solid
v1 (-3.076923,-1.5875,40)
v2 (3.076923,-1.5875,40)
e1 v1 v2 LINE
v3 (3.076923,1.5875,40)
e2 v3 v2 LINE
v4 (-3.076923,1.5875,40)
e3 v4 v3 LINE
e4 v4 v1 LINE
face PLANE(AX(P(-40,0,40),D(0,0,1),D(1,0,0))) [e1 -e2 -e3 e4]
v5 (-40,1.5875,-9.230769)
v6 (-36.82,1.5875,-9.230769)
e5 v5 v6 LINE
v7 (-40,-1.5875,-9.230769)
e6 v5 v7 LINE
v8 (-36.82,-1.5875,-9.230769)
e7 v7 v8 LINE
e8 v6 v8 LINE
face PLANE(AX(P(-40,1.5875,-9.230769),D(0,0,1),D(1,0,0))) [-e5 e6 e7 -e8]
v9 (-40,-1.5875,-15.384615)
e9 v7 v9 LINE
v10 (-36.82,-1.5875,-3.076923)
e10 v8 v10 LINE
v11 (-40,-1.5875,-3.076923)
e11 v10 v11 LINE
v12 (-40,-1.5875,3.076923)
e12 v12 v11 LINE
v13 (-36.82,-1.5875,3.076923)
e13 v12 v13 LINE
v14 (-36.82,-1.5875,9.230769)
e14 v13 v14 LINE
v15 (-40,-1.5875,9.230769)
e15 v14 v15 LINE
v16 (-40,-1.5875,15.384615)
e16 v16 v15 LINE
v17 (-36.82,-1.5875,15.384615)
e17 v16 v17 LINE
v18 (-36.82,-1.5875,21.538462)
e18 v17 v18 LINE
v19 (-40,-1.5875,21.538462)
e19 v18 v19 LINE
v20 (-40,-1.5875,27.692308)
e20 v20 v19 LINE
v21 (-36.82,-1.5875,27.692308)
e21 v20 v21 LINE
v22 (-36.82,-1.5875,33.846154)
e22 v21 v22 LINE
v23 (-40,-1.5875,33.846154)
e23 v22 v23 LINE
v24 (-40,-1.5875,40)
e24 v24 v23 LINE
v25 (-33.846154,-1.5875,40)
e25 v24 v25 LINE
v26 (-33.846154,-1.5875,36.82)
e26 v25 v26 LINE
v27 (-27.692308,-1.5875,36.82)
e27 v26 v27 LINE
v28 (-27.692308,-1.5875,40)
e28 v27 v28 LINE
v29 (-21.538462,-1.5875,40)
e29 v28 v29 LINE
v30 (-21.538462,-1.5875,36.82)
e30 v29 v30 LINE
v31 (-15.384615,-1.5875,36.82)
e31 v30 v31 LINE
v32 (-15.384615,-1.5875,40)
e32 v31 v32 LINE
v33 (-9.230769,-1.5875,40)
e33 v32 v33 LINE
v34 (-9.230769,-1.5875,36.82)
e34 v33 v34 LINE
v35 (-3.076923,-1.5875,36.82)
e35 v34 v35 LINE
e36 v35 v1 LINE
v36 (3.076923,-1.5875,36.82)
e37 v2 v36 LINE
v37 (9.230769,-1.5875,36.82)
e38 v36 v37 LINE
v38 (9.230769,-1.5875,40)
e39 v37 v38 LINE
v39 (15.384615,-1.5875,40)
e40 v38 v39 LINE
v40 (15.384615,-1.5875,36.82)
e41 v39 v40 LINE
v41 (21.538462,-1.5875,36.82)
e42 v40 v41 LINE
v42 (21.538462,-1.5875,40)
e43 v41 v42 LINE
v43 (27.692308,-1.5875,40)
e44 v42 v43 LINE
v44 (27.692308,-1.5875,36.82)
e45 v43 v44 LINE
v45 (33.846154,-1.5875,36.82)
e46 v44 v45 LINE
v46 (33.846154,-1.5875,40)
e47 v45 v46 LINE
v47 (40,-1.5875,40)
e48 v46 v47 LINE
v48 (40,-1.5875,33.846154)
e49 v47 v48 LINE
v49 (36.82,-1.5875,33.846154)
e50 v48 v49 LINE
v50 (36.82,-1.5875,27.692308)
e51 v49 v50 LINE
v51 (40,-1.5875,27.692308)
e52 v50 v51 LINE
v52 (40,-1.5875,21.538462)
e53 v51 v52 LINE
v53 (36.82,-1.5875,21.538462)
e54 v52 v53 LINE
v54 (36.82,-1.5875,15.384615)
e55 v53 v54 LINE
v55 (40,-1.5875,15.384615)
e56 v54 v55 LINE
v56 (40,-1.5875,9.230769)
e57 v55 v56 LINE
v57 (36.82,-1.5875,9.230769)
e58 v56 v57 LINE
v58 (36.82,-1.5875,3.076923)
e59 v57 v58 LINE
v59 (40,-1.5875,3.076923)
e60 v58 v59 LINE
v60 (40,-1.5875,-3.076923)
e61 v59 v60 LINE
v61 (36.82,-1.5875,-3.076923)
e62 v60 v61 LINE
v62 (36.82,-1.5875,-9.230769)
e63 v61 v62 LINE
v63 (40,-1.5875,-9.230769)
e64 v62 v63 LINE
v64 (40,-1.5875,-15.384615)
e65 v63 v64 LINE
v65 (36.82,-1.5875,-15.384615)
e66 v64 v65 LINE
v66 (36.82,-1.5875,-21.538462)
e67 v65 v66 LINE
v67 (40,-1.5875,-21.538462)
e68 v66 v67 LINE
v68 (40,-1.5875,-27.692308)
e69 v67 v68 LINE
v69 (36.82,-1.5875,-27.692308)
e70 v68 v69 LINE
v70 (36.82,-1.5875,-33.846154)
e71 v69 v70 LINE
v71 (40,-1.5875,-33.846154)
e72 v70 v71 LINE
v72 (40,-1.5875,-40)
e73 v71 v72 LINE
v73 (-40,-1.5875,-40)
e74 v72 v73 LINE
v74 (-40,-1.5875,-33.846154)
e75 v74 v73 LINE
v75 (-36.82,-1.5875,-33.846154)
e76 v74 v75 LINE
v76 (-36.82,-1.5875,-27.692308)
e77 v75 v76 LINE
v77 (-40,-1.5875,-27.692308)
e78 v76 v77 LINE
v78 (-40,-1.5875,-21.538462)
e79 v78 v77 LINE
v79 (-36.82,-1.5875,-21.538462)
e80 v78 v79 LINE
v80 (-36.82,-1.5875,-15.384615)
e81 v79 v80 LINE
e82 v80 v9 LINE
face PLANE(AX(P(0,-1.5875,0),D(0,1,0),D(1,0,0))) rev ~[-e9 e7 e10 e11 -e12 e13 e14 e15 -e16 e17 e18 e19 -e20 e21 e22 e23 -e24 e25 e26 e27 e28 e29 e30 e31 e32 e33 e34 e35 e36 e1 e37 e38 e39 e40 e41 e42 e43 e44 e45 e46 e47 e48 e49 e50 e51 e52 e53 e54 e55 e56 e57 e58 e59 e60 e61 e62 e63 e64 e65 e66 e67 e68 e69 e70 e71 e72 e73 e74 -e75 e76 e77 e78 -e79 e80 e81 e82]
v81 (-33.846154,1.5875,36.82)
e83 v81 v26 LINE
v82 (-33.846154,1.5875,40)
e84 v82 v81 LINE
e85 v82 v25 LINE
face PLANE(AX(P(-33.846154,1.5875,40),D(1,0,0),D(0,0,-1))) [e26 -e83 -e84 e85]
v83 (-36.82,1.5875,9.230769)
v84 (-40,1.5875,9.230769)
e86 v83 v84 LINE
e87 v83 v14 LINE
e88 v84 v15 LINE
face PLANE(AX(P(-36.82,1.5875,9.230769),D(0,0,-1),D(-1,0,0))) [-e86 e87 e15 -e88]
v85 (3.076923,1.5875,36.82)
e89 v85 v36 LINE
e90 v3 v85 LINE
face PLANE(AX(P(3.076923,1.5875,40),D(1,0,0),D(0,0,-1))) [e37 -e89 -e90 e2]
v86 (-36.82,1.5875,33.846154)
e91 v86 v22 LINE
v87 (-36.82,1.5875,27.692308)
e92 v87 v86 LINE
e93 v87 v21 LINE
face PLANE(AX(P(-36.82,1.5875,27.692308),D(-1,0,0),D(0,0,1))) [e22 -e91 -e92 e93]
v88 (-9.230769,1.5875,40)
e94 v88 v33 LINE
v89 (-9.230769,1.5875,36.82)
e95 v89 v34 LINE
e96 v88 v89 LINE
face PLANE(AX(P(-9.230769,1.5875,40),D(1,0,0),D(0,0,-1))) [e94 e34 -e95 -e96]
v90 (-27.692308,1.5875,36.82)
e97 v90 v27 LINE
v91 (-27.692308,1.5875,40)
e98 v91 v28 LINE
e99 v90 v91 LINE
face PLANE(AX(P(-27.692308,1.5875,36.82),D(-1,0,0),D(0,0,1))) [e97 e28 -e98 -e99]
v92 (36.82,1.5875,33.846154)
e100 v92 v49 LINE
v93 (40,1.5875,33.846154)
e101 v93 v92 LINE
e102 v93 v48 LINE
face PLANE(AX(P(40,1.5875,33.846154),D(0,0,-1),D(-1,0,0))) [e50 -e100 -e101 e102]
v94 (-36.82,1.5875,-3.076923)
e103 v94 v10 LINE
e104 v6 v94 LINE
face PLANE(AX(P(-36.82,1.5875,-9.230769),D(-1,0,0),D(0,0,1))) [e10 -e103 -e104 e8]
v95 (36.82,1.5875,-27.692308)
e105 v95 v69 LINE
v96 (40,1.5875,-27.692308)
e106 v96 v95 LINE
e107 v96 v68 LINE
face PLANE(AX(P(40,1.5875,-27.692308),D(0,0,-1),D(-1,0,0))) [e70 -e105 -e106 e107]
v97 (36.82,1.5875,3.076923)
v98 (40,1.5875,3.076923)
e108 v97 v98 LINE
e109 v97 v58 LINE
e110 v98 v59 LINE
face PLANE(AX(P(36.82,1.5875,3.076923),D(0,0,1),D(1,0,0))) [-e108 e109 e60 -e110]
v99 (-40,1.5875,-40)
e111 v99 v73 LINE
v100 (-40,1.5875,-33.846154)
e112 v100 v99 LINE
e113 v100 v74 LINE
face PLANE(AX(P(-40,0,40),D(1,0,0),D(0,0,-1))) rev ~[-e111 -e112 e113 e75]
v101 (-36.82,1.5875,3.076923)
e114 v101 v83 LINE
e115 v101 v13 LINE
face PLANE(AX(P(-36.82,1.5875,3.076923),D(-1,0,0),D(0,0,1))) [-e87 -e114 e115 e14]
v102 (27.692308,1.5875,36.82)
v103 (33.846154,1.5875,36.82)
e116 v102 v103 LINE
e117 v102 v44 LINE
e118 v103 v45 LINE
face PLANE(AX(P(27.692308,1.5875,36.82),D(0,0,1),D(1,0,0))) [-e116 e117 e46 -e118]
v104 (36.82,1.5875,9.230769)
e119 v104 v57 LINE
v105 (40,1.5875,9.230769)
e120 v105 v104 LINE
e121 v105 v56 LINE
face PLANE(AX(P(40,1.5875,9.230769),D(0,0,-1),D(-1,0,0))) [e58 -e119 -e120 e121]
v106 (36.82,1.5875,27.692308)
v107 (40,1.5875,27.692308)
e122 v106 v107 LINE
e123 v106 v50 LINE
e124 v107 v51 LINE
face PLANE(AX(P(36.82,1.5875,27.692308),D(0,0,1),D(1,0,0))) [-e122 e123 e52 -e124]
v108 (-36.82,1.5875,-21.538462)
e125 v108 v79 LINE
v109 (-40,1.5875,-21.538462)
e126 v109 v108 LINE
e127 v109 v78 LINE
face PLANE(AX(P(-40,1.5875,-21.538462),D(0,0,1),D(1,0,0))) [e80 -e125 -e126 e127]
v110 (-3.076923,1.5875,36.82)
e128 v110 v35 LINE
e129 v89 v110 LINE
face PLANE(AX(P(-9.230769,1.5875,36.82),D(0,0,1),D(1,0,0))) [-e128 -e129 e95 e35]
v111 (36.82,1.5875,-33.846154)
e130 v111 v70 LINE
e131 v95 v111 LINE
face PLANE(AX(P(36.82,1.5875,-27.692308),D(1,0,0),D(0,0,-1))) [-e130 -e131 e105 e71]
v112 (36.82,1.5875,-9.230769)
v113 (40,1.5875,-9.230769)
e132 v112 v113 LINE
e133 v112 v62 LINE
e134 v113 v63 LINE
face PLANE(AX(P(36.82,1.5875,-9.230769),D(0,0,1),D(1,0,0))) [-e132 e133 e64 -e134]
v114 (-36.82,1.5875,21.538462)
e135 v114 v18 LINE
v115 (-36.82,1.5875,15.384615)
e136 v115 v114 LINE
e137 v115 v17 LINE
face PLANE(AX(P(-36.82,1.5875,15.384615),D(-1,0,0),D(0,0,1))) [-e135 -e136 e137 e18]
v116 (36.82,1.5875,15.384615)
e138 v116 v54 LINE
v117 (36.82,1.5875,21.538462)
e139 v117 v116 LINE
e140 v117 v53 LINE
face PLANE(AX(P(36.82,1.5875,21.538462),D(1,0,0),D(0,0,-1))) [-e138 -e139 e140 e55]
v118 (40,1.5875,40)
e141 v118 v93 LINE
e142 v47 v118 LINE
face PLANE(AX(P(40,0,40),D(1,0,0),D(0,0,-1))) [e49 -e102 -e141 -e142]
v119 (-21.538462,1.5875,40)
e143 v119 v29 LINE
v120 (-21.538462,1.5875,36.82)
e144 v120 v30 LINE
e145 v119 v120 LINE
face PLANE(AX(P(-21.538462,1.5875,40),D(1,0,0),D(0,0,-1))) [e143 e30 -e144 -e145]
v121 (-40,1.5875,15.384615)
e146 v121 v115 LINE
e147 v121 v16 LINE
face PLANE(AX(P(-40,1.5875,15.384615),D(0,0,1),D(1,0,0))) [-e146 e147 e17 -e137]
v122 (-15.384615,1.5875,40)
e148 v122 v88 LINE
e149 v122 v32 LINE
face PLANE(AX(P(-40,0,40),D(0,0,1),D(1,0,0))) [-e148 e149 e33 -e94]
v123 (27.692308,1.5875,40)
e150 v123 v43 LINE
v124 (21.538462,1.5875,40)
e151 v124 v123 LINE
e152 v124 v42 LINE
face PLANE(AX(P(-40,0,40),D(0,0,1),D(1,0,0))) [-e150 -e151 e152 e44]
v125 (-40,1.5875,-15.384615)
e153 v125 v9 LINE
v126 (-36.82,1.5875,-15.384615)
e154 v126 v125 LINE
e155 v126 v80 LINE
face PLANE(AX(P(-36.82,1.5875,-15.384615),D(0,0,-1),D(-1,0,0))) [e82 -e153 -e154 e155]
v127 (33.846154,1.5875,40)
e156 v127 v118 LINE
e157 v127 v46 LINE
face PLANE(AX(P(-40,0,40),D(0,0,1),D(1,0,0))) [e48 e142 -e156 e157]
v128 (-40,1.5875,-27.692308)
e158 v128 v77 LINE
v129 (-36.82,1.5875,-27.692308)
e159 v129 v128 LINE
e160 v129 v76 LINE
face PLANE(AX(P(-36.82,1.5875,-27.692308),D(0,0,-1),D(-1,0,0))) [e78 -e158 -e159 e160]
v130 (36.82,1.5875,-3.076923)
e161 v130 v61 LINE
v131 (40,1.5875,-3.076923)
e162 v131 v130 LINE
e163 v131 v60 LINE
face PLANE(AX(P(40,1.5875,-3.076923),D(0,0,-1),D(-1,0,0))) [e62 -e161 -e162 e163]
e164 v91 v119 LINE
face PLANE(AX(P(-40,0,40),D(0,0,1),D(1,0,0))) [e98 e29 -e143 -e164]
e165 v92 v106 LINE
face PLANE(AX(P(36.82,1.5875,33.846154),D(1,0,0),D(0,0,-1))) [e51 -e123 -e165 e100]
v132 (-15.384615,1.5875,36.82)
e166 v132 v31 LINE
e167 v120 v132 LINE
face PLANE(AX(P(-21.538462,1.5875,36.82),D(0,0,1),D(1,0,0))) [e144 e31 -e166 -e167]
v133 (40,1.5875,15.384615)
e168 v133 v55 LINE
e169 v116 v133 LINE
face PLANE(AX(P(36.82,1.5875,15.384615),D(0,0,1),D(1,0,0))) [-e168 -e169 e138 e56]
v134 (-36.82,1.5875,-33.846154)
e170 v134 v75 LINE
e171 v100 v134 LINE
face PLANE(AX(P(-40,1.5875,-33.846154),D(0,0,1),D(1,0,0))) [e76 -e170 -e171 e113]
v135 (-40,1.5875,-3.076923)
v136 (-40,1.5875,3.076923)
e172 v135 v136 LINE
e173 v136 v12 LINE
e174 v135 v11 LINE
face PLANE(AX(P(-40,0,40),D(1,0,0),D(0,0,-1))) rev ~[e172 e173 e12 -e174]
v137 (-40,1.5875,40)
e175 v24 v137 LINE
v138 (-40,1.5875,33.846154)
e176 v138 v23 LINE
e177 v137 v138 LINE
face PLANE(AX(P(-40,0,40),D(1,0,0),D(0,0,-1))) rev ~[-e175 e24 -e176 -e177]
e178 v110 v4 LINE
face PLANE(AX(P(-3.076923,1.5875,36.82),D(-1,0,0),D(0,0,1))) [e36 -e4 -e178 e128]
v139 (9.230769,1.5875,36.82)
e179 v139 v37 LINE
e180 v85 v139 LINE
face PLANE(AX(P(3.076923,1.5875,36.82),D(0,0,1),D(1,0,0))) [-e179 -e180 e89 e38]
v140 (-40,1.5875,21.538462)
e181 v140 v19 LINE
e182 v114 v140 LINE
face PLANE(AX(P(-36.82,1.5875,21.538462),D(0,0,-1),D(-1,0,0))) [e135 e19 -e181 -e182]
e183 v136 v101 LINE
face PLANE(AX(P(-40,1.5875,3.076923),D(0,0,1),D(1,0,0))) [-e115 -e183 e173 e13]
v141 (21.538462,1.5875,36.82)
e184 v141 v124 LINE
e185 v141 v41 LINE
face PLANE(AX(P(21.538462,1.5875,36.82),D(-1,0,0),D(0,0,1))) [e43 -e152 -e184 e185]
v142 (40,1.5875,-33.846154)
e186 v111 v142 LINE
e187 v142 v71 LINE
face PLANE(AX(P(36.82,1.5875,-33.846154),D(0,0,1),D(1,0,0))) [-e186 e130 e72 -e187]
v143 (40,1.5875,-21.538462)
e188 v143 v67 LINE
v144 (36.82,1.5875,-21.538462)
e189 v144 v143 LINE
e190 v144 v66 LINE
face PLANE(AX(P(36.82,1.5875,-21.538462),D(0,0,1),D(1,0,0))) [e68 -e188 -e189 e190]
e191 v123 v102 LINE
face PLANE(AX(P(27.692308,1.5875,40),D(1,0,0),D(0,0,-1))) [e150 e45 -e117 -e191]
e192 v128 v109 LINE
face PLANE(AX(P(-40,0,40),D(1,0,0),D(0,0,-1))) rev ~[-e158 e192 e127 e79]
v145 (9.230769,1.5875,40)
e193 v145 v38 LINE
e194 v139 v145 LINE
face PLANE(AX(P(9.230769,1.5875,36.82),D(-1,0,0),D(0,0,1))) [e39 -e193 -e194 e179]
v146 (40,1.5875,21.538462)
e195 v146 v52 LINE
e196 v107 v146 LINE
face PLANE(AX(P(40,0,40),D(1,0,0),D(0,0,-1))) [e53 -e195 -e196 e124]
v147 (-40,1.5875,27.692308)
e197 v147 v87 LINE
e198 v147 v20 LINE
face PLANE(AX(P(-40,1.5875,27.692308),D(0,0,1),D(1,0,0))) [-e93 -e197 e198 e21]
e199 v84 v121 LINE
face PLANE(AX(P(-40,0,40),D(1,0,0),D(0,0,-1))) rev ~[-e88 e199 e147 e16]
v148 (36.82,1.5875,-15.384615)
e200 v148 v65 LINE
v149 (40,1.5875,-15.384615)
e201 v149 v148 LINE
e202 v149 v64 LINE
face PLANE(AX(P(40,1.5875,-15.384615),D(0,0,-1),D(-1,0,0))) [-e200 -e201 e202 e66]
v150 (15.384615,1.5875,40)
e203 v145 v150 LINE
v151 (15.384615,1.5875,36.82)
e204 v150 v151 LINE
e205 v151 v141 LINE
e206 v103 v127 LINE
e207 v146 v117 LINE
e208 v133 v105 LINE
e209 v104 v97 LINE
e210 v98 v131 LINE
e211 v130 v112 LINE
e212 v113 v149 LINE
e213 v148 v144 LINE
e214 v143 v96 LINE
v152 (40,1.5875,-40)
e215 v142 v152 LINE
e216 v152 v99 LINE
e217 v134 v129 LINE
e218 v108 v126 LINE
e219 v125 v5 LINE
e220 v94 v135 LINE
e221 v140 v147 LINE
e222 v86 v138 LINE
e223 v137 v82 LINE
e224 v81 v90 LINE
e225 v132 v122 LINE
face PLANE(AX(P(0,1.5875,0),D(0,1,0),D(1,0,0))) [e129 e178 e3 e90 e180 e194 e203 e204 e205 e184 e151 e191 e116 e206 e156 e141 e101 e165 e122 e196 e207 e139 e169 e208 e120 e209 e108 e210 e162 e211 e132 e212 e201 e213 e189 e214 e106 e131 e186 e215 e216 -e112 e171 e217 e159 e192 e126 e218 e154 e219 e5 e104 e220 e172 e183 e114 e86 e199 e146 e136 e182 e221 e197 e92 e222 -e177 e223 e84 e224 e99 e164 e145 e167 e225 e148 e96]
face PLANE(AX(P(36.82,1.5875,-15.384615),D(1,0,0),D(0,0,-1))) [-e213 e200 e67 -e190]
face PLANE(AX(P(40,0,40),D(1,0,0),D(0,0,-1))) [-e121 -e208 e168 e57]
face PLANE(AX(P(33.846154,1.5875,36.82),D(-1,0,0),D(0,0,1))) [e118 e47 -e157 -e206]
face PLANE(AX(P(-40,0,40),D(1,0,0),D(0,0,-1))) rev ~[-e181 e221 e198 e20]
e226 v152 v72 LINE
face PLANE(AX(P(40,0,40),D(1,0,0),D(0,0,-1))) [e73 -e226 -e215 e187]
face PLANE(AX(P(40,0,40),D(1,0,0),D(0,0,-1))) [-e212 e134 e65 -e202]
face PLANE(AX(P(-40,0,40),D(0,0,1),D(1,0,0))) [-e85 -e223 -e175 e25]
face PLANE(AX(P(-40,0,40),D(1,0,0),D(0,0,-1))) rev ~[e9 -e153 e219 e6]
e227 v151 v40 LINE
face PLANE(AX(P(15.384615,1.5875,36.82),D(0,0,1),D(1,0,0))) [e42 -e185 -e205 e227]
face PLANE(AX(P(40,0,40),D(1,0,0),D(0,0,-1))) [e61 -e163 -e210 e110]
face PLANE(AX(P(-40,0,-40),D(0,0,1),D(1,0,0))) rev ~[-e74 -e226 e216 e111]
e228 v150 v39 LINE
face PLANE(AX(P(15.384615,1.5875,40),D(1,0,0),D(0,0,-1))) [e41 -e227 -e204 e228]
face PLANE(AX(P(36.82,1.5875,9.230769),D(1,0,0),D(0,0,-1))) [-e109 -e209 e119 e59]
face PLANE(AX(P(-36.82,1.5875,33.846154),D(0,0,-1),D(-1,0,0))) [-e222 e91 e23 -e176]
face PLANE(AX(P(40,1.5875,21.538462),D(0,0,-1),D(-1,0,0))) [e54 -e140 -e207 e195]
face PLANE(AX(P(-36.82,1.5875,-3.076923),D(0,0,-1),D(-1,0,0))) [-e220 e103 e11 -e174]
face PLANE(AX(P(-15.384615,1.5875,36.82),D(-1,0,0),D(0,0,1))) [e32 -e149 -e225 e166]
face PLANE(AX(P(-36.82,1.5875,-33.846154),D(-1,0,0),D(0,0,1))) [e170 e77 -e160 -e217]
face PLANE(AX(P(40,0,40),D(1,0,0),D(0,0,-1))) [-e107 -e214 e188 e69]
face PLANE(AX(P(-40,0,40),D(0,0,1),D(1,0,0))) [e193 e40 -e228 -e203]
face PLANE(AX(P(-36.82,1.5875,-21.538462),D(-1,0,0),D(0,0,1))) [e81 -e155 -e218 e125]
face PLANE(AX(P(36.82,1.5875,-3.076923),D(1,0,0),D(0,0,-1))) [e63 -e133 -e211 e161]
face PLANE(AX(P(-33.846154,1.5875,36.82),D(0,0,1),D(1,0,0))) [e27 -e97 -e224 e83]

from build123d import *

# Parameters (mm, degrees)
SKETCH1_W           = 80
SKETCH1_H           = 80
BOSS_EXTRUDE1_DEPTH = 1.5875
SKETCH2_OUTSIDE_W   = 104.636
SKETCH2_OUTSIDE_H   = 104.636
CUT_EXTRUDE1_DEPTH  = 57.657573413
SKETCH3_W           = 80
SKETCH3_H           = 6.153846154
BOSS_EXTRUDE2_DEPTH = 3.175


with BuildPart() as part:
    # Sketch1 → Boss-Extrude1 (new, symmetric)
    with BuildSketch(Plane(origin=(0, 0, 0), x_dir=(1, 0, 0), z_dir=(0, 1, 0))):
        Rectangle(SKETCH1_W, SKETCH1_H)
    extrude(amount=BOSS_EXTRUDE1_DEPTH, both=True)

    # Sketch2 outside → Cut-Extrude1 (cut, through all)
    with BuildSketch(Plane(origin=(0, 1.5875, 0), x_dir=(1, 0, 0), z_dir=(0, 1, 0))):
        Rectangle(SKETCH2_OUTSIDE_W, SKETCH2_OUTSIDE_H)
        Polygon((-40, 40), (-40, 33.846153846), (-36.82, 33.846153846), (-36.82, 27.692307692), (-40, 27.692307692), (-40, 21.538461538), (-36.82, 21.538461538), (-36.82, 15.384615385), (-40, 15.384615385), (-40, 9.230769231), (-36.82, 9.230769231), (-36.82, 3.076923077), (-40, 3.076923077), (-40, -3.076923077), (-36.82, -3.076923077), (-36.82, -9.230769231), (-40, -9.230769231), (-40, -15.384615385), (-36.82, -15.384615385), (-36.82, -21.538461538), (-40, -21.538461538), (-40, -27.692307692), (-36.82, -27.692307692), (-36.82, -33.846153846), (-40, -33.846153846), (-40, -40), (-33.846153846, -40), (-33.846153846, -36.82), (-27.692307692, -36.82), (-27.692307692, -40), (-21.538461538, -40), (-21.538461538, -36.82), (-15.384615385, -36.82), (-15.384615385, -40), (-9.230769231, -40), (-9.230769231, -36.82), (-3.076923077, -36.82), (-3.076923077, -40), (3.076923077, -40), (3.076923077, -36.82), (9.230769231, -36.82), (9.230769231, -40), (15.384615385, -40), (15.384615385, -36.82), (21.538461538, -36.82), (21.538461538, -40), (27.692307692, -40), (27.692307692, -36.82), (33.846153846, -36.82), (33.846153846, -40), (40, -40), (40, -33.846153846), (36.82, -33.846153846), (36.82, -27.692307692), (40, -27.692307692), (40, -21.538461538), (36.82, -21.538461538), (36.82, -15.384615385), (40, -15.384615385), (40, -9.230769231), (36.82, -9.230769231), (36.82, -3.076923077), (40, -3.076923077), (40, 3.076923077), (36.82, 3.076923077), (36.82, 9.230769231), (40, 9.230769231), (40, 15.384615385), (36.82, 15.384615385), (36.82, 21.538461538), (40, 21.538461538), (40, 27.692307692), (36.82, 27.692307692), (36.82, 33.846153846), (40, 33.846153846), (40, 40), (33.846153846, 40), (33.846153846, 36.82), (27.692307692, 36.82), (27.692307692, 40), (21.538461538, 40), (21.538461538, 36.82), (15.384615385, 36.82), (15.384615385, 40), (9.230769231, 40), (9.230769231, 36.82), (3.076923077, 36.82), (3.076923077, 40), (-3.076923077, 40), (-3.076923077, 36.82), (-9.230769231, 36.82), (-9.230769231, 40), (-15.384615385, 40), (-15.384615385, 36.82), (-21.538461538, 36.82), (-21.538461538, 40), (-27.692307692, 40), (-27.692307692, 36.82), (-33.846153846, 36.82), (-33.846153846, 40), align=None, mode=Mode.SUBTRACT)
    extrude(amount=-CUT_EXTRUDE1_DEPTH, mode=Mode.SUBTRACT)

    # Sketch3 → Boss-Extrude2 (add)
    with BuildSketch(Plane(origin=(0, 1.5875, 0), x_dir=(1, 0, 0), z_dir=(0, 1, 0))):
        with Locations((0, 36.923076923)):
            Rectangle(SKETCH3_W, SKETCH3_H)
    extrude(amount=-BOSS_EXTRUDE2_DEPTH)


solid = part.part
